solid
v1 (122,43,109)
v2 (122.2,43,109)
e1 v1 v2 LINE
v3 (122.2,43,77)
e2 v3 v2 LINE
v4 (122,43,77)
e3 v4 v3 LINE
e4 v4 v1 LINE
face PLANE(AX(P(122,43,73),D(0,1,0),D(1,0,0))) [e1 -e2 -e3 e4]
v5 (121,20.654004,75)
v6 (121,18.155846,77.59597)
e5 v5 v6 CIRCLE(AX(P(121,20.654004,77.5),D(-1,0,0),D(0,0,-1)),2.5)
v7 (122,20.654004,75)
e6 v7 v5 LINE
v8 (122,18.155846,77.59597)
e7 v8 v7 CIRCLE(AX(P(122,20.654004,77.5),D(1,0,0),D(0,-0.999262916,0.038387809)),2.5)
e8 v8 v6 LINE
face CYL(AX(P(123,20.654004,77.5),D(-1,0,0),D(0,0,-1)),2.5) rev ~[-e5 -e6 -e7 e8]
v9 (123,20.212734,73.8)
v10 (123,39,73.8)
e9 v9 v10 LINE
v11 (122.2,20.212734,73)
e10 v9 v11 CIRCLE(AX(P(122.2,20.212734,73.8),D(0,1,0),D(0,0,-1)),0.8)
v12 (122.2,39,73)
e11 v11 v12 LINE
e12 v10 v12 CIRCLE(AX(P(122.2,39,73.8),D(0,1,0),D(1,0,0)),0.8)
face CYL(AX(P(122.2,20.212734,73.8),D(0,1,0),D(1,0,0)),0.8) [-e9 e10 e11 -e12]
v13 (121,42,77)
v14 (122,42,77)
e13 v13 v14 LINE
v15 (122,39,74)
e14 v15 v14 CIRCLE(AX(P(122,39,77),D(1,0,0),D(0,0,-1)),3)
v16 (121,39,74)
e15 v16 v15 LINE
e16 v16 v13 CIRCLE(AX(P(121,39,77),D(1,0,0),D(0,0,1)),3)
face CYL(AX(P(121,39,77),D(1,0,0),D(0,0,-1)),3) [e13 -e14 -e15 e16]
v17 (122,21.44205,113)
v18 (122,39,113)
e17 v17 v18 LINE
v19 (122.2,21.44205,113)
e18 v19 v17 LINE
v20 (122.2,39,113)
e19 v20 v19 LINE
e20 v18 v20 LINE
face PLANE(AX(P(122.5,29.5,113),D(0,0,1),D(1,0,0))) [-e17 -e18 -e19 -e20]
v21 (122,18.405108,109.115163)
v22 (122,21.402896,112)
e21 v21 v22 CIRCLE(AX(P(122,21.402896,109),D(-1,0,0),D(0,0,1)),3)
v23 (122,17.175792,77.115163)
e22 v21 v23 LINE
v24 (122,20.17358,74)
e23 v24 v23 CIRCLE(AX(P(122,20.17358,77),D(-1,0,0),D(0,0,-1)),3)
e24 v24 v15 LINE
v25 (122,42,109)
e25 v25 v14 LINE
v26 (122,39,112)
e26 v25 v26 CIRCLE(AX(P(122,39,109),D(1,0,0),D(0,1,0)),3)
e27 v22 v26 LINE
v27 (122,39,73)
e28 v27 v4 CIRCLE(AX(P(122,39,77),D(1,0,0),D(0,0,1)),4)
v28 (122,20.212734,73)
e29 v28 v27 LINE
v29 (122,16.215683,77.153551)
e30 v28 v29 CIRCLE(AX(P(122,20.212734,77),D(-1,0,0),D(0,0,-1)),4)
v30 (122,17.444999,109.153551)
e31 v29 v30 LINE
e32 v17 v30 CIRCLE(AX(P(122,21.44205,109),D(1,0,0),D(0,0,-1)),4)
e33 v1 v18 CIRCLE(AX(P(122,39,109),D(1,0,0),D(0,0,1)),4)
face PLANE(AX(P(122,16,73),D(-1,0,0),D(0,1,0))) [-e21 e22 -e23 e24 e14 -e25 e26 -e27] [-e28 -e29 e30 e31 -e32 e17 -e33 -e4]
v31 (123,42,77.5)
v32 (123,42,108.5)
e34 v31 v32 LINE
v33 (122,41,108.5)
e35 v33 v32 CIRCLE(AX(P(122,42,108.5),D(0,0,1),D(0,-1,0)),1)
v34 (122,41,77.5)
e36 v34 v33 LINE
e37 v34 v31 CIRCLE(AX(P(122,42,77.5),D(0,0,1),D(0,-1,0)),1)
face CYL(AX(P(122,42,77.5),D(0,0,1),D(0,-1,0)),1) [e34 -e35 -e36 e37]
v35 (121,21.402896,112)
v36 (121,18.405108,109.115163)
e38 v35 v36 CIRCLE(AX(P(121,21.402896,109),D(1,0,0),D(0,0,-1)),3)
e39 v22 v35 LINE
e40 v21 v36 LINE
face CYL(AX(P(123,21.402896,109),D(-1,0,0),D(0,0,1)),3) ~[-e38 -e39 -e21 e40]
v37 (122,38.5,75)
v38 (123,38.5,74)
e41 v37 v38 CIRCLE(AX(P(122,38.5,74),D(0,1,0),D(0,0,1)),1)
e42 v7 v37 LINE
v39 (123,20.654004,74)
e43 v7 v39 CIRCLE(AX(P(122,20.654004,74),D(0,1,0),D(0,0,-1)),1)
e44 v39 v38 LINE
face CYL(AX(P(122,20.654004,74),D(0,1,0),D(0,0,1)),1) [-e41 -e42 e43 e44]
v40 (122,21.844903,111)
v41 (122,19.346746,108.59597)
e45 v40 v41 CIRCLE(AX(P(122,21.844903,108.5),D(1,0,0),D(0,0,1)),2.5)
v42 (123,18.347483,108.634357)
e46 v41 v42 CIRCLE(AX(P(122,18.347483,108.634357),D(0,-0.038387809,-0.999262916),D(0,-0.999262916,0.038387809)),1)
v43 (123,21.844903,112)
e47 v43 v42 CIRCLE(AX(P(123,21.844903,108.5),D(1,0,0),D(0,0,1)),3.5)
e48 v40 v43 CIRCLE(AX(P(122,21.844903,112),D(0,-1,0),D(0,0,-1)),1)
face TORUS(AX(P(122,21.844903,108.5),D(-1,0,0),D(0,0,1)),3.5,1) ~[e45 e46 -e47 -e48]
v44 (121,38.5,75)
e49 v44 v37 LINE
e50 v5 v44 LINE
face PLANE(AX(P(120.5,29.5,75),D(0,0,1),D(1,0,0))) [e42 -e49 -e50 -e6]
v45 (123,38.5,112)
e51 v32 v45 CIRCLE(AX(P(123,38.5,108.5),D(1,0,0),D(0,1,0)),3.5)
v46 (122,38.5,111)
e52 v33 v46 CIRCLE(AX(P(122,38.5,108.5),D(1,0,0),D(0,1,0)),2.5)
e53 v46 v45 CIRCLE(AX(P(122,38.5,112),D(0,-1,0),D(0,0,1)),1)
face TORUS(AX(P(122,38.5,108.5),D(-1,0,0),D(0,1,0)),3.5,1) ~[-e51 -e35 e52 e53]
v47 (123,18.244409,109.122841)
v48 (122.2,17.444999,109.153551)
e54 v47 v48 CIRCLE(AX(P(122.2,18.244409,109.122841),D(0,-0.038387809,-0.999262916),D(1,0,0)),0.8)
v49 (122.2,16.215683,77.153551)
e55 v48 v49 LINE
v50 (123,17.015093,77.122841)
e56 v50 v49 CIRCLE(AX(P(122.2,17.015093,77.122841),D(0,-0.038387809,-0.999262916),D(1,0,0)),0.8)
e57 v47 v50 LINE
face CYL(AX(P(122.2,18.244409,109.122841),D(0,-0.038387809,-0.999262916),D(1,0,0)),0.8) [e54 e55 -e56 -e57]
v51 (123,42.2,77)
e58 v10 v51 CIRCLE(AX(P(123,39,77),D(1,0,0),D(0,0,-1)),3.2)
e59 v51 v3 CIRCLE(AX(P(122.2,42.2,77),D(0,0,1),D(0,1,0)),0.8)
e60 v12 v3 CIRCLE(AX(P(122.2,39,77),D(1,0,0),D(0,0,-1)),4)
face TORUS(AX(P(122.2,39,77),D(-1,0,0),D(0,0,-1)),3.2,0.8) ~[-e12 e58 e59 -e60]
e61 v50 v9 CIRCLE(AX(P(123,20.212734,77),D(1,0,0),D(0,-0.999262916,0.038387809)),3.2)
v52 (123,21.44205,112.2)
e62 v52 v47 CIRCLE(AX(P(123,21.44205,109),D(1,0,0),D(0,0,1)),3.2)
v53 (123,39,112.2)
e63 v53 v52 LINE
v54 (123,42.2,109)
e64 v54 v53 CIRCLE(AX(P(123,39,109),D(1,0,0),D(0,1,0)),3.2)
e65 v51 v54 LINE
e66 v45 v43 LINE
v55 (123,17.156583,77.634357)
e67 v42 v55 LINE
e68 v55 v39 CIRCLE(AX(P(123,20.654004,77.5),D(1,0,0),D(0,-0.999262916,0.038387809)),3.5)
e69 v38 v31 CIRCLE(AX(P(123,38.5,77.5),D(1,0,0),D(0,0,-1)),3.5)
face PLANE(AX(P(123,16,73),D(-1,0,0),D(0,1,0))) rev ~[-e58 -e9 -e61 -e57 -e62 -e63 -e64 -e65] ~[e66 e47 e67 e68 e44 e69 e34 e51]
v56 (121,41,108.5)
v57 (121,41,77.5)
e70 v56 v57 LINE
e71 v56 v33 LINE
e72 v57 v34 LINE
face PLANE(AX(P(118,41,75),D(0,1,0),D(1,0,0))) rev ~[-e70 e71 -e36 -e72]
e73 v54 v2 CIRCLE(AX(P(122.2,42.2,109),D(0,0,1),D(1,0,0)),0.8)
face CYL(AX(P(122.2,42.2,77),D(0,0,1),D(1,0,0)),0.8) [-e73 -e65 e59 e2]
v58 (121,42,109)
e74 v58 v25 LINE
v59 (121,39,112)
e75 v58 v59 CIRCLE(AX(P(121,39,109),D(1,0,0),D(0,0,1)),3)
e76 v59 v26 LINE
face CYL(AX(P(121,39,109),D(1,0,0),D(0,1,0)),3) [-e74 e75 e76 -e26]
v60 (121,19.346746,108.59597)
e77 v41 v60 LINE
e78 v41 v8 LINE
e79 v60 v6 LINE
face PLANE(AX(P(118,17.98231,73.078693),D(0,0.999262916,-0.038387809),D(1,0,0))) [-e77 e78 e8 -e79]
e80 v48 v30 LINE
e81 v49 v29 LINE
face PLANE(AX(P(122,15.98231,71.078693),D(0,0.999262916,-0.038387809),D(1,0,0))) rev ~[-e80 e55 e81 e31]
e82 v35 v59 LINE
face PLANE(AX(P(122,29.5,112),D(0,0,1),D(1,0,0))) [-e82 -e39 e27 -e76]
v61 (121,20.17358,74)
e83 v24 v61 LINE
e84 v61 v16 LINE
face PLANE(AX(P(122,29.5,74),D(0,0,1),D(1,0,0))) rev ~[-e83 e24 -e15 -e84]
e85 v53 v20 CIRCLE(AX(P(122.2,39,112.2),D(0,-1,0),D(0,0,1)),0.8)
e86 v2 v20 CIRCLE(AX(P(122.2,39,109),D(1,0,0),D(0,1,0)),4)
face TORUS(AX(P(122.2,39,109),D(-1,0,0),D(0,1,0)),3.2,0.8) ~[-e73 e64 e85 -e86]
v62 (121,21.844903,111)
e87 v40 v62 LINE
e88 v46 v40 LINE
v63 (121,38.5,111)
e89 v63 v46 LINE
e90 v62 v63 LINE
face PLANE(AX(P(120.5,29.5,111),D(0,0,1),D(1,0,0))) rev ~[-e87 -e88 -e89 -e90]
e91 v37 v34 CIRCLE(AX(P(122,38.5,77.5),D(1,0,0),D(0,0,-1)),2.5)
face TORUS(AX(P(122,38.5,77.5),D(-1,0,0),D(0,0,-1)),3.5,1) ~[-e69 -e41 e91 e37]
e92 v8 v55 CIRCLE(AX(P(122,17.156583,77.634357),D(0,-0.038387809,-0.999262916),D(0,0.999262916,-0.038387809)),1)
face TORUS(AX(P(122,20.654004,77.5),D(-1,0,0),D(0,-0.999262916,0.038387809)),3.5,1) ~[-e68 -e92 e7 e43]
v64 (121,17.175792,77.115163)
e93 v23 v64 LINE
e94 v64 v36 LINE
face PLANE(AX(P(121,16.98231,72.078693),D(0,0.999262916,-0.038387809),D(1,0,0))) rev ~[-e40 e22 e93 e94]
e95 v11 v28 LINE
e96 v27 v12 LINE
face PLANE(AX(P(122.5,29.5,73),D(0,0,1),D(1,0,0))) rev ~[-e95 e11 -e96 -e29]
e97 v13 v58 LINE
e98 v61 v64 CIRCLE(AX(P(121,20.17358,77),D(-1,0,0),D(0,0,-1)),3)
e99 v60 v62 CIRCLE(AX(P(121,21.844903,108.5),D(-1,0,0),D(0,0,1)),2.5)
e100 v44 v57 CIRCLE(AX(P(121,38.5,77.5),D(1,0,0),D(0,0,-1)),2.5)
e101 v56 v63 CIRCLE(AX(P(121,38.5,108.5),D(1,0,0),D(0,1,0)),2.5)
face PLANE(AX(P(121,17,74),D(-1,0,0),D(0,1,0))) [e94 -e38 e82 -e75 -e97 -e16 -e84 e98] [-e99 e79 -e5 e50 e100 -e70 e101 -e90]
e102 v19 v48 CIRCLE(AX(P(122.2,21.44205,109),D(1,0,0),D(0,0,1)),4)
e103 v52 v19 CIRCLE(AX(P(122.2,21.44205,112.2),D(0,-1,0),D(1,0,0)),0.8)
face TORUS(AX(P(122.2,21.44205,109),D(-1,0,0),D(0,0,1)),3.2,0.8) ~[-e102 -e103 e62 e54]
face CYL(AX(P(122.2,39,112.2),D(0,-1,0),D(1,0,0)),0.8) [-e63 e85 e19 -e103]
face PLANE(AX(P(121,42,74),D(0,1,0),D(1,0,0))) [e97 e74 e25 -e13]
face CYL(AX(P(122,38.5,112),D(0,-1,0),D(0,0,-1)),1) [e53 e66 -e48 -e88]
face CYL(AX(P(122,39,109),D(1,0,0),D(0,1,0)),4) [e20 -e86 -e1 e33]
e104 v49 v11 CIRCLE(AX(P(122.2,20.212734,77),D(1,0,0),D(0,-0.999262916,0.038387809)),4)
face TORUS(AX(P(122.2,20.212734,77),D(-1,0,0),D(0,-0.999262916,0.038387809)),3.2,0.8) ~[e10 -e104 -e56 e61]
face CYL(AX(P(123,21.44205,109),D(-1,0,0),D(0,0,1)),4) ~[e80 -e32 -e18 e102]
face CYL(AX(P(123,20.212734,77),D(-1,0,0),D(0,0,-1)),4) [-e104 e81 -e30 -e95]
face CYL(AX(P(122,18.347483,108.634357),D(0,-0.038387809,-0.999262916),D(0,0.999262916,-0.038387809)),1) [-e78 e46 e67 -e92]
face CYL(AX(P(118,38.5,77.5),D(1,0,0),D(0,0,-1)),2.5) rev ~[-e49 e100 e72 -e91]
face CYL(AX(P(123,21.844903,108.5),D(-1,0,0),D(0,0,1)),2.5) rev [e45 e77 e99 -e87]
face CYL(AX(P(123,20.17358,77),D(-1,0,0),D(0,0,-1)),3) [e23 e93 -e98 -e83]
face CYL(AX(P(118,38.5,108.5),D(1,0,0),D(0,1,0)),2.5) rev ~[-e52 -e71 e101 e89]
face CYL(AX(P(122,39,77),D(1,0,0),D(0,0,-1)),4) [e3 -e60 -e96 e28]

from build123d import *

# Parameters (mm, degrees)
BOX047_W          = 5
BOX047_H          = 24
BOX047_DEPTH      = 40
BOX047_ROLL_ANGLE = -2.2
BOX046_W          = 5
BOX046_H          = 23
BOX046_DEPTH      = 36
FILLET050_R       = 2.5
BOX045_W          = 5
BOX045_H          = 24
BOX045_DEPTH      = 40
BOX045_ROLL_ANGLE = -2.2
BOX044_W          = 2
BOX044_H          = 25
BOX044_DEPTH      = 38
FILLET049_R       = 3
BOX043_W          = 5
BOX043_H          = 24
BOX043_DEPTH      = 42
BOX043_ROLL_ANGLE = -2.2
BOX042_W          = 1
BOX042_H          = 27
BOX042_DEPTH      = 40
FILLET048_R       = 4
FILLET051_R       = 1
FILLET052_R       = 0.8


with BuildPart() as cube473:
    # Box047 → Box047 (new body)
    with BuildSketch(Plane.XY):
        with Locations((2.5, 12)):
            Rectangle(BOX047_W, BOX047_H)
    extrude(amount=BOX047_DEPTH)


with BuildPart() as cube473_1:
    # Box047 roll: moved
    add(cube473.part.rotate(Axis((0, 0, 0), (1, 0, 0)), BOX047_ROLL_ANGLE))


with BuildPart() as cube473_2:
    # Box047 placement: moved
    add(cube473_1.part.moved(Location((175, -24, -1))))


with BuildPart() as fillet050:
    # Box046 → Box046 (new body)
    with BuildSketch(Plane(origin=(175, 0, 0), x_dir=(1, 0, 0), z_dir=(0, 0, 1))):
        with Locations((2.5, 11.5)):
            Rectangle(BOX046_W, BOX046_H)
    extrude(amount=BOX046_DEPTH)

    # Cut034: cut Cube473
    add(cube473_2.part, mode=Mode.SUBTRACT)


with BuildPart() as fillet050_1:
    # Cut034 placement: moved
    add(fillet050.part.moved(Location((-57, 17, 74))))

    # Fillet050
    fillet050_edges = [fillet050_1.edges().sort_by_distance(p)[0] for p in [
        (120.5, 40, 110),
        (120.5, 18.4391, 110),
        (120.5, 40, 74),
        (120.5, 17.056119, 74),
    ]]
    fillet(fillet050_edges, radius=FILLET050_R)


with BuildPart() as fillet050_2:
    # Fillet050 placement: moved
    add(fillet050_1.part.moved(Location((0, 1, 1))))


with BuildPart() as cube471:
    # Box045 → Box045 (new body)
    with BuildSketch(Plane.XY):
        with Locations((2.5, 12)):
            Rectangle(BOX045_W, BOX045_H)
    extrude(amount=BOX045_DEPTH)


with BuildPart() as cube471_1:
    # Box045 roll: moved
    add(cube471.part.rotate(Axis((0, 0, 0), (1, 0, 0)), BOX045_ROLL_ANGLE))


with BuildPart() as cube471_2:
    # Box045 placement: moved
    add(cube471_1.part.moved(Location((175, -24, -1))))


with BuildPart() as fillet049:
    # Box044 → Box044 (new body)
    with BuildSketch(Plane(origin=(175, 0, 0), x_dir=(1, 0, 0), z_dir=(0, 0, 1))):
        with Locations((1, 12.5)):
            Rectangle(BOX044_W, BOX044_H)
    extrude(amount=BOX044_DEPTH)

    # Cut033: cut Cube471
    add(cube471_2.part, mode=Mode.SUBTRACT)


with BuildPart() as fillet049_1:
    # Cut033 placement: moved
    add(fillet049.part.moved(Location((-57, 17, 74))))

    # Fillet049
    fillet049_edges = [fillet049_1.edges().sort_by_distance(p)[0] for p in [
        (119, 42, 112),
        (119, 18.515932, 112),
        (119, 42, 74),
        (119, 17.056119, 74),
    ]]
    fillet(fillet049_edges, radius=FILLET049_R)


with BuildPart() as fillet049_2:
    # Fillet049 placement: moved
    add(fillet049_1.part.moved(Location((3, 0, 0))))


with BuildPart() as cube469:
    # Box043 → Box043 (new body)
    with BuildSketch(Plane.XY):
        with Locations((2.5, 12)):
            Rectangle(BOX043_W, BOX043_H)
    extrude(amount=BOX043_DEPTH)


with BuildPart() as cube469_1:
    # Box043 roll: moved
    add(cube469.part.rotate(Axis((0, 0, 0), (1, 0, 0)), BOX043_ROLL_ANGLE))


with BuildPart() as cube469_2:
    # Box043 placement: moved
    add(cube469_1.part.moved(Location((175, -24, -1))))


with BuildPart() as fillet052:
    # Box042 → Box042 (new body)
    with BuildSketch(Plane(origin=(175, 0, 0), x_dir=(1, 0, 0), z_dir=(0, 0, 1))):
        with Locations((0.5, 13.5)):
            Rectangle(BOX042_W, BOX042_H)
    extrude(amount=BOX042_DEPTH)

    # Cut032: cut Cube469
    add(cube469_2.part, mode=Mode.SUBTRACT)


with BuildPart() as fillet052_1:
    # Cut032 placement: moved
    add(fillet052.part.moved(Location((-57, 16, 73))))

    # Fillet048
    fillet048_edges = [fillet052_1.edges().sort_by_distance(p)[0] for p in [
        (118.5, 43, 113),
        (118.5, 17.592764, 113),
        (118.5, 43, 73),
        (118.5, 16.056119, 73),
    ]]
    fillet(fillet048_edges, radius=FILLET048_R)


with BuildPart() as fillet052_2:
    # Fillet048 placement: moved
    add(fillet052_1.part.moved(Location((4, 0, 0))))

    # Fusion005: union Fillet049
    add(fillet049_2.part)

    # Cut035: cut Fillet050
    add(fillet050_2.part, mode=Mode.SUBTRACT)

    # Fillet051
    fillet051_edges = [fillet052_2.edges().sort_by_distance(p)[0] for p in [
        (123, 41, 93),
        (123, 18.751296, 93.09597),
    ]]
    fillet(fillet051_edges, radius=FILLET051_R)

    # Fillet052
    fillet052_edges = [fillet052_2.edges().sort_by_distance(p)[0] for p in [
        (123, 16.830341, 93.153551),
        (123, 43, 93),
    ]]
    fillet(fillet052_edges, radius=FILLET052_R)


solid = fillet052_2.part
